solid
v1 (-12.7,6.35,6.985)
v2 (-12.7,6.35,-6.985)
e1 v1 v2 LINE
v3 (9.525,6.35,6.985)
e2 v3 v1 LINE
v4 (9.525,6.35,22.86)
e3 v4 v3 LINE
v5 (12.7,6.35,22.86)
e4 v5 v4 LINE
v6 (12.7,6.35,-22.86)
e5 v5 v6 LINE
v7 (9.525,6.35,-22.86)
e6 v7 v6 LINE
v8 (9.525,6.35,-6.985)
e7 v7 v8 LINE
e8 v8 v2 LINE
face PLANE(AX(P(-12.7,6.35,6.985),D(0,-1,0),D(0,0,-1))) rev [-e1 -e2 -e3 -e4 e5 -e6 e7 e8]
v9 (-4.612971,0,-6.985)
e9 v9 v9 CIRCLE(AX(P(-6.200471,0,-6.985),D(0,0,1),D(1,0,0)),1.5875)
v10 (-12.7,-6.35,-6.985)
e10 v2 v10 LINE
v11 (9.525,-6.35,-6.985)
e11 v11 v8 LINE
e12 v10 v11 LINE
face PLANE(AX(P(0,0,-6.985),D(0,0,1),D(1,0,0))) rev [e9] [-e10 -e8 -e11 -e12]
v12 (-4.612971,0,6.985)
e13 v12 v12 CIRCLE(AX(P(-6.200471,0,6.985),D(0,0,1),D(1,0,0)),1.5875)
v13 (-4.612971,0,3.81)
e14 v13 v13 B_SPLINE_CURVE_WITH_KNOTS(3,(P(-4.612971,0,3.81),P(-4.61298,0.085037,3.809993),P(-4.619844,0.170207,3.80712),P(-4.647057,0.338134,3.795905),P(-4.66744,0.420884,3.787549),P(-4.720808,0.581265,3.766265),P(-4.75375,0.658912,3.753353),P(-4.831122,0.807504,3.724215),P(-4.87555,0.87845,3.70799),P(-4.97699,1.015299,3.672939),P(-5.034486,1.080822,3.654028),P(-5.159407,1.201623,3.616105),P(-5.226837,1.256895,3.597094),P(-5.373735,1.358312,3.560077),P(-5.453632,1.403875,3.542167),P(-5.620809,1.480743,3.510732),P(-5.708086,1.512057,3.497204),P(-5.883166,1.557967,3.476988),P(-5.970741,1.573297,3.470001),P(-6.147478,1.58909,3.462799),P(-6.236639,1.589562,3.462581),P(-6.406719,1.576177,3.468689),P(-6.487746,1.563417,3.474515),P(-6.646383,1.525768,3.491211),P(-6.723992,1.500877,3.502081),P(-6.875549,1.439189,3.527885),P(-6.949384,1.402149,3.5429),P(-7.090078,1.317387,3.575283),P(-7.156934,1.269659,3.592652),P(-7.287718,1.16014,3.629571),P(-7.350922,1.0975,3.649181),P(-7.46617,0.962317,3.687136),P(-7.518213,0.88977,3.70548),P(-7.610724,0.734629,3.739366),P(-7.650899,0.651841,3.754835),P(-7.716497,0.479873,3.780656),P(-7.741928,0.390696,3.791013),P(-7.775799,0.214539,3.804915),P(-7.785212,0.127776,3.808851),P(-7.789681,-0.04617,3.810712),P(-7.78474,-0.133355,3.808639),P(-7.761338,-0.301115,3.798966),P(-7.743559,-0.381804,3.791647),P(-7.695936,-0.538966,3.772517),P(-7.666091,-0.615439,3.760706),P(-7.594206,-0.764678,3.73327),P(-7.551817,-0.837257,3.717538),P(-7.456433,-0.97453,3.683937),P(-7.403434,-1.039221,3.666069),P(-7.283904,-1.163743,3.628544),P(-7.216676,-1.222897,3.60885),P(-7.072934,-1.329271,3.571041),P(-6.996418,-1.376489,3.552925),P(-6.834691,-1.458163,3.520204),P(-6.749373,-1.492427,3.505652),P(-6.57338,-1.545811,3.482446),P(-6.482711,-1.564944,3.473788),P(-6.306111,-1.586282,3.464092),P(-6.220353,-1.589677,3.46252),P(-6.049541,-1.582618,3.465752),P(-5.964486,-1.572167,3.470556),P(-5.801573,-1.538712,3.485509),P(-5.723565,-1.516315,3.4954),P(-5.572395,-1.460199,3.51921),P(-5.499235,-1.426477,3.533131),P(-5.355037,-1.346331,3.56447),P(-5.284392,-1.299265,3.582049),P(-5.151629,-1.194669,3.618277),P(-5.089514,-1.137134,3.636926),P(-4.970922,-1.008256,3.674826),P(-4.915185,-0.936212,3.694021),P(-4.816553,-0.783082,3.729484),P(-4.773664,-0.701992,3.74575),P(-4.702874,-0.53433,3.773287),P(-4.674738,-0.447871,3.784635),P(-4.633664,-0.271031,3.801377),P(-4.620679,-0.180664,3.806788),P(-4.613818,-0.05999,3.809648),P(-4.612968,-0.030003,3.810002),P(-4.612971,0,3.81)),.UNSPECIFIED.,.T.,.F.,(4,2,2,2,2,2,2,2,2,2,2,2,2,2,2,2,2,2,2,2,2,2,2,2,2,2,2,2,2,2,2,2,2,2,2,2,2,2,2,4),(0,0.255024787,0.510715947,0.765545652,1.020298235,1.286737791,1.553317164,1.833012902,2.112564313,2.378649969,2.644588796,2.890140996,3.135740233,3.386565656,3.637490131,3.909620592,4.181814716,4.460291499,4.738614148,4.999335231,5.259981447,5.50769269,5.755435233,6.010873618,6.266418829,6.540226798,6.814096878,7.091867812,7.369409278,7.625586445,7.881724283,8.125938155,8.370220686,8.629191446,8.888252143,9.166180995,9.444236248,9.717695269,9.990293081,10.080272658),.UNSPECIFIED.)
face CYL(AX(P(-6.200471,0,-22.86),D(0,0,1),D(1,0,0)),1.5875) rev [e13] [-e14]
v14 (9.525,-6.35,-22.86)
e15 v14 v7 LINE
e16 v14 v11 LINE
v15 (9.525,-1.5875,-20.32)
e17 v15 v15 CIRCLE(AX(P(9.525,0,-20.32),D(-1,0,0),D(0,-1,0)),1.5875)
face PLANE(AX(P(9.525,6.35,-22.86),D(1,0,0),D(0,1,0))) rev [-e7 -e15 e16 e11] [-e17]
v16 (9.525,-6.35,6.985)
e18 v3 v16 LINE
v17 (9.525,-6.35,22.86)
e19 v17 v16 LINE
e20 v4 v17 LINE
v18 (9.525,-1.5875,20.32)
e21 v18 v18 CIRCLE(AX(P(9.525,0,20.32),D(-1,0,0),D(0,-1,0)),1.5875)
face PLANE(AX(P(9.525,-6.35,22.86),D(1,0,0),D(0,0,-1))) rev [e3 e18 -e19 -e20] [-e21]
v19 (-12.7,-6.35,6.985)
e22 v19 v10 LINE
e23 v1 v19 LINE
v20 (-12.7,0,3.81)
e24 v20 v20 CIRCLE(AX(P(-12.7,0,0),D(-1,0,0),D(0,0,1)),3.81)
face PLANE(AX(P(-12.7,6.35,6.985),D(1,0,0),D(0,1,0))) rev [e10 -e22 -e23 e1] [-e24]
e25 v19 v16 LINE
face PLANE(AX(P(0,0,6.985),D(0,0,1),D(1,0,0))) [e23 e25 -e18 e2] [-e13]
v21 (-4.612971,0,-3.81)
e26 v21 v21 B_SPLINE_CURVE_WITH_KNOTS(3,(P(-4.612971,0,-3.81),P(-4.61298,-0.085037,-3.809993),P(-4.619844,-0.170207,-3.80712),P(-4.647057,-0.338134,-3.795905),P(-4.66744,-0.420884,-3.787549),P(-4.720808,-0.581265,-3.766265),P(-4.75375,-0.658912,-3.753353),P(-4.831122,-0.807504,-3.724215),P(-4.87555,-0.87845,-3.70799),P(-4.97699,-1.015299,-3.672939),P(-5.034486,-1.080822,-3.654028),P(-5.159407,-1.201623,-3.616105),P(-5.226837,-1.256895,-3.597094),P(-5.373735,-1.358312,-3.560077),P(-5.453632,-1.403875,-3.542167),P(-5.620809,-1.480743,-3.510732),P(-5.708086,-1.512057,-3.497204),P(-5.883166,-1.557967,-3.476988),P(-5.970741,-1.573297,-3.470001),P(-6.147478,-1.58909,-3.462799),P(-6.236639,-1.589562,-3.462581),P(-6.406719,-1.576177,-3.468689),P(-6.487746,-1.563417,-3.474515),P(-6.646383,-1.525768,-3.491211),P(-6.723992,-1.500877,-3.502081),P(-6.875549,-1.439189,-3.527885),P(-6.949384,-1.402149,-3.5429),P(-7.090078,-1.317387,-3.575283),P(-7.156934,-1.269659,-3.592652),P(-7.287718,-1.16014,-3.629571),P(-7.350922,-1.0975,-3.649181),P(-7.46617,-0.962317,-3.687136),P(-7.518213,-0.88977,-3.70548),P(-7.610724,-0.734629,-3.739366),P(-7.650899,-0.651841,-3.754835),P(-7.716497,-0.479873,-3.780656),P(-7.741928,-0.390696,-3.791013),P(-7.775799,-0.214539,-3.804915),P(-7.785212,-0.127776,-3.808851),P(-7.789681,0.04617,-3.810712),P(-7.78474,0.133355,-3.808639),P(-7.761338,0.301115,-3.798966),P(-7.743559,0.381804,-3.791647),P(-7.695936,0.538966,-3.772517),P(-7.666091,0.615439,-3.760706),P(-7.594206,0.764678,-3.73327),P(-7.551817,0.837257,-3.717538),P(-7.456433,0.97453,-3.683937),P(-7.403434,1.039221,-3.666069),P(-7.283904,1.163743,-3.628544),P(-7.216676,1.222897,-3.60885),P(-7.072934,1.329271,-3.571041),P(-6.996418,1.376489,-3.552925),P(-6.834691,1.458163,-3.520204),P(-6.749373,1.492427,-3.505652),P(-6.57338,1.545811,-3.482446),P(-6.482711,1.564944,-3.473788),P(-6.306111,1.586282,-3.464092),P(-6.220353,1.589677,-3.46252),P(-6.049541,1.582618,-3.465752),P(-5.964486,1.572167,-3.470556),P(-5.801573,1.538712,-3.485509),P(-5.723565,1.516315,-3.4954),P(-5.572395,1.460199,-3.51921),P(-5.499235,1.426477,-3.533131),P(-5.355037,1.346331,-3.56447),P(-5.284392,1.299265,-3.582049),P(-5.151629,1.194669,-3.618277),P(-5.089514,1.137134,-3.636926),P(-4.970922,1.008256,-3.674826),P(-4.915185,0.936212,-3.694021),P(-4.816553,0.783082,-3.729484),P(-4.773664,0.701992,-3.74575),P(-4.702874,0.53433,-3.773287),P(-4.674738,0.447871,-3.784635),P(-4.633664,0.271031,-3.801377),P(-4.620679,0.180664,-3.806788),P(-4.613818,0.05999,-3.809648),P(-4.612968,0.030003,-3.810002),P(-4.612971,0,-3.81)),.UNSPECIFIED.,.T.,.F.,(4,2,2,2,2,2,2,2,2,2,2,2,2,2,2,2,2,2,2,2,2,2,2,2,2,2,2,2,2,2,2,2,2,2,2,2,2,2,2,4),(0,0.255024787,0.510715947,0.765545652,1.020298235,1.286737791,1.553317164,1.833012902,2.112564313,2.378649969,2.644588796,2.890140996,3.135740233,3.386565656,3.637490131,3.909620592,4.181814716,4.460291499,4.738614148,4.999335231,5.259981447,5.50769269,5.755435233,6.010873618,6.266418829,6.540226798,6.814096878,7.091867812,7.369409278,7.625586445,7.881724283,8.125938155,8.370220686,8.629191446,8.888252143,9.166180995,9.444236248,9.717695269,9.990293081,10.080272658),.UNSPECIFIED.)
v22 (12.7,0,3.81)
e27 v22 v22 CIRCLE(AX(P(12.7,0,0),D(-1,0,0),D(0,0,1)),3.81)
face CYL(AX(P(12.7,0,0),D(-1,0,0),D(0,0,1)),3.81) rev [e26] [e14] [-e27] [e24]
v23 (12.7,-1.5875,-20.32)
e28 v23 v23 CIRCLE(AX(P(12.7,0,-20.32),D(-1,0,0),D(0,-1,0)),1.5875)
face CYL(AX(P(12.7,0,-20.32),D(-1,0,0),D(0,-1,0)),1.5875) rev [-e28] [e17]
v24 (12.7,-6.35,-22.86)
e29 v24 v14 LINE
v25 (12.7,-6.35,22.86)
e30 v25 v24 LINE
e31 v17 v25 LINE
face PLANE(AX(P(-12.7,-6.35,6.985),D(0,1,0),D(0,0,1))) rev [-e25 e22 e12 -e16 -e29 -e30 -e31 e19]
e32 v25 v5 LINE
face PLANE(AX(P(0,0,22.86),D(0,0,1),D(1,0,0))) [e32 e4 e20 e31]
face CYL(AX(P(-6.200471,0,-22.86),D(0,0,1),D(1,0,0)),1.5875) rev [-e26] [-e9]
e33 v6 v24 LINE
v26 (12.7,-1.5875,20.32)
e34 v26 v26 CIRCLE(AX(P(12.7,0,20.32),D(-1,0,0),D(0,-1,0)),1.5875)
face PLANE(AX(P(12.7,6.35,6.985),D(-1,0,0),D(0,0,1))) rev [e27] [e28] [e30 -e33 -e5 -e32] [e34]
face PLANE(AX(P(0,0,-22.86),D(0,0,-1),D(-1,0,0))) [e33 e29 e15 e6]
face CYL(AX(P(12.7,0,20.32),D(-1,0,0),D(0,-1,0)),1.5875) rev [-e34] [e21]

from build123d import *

# Parameters (mm, degrees)
SKETCH1_W           = 25.4
SKETCH1_H           = 12.7
BOSS_EXTRUDE1_DEPTH = 6.985
SKETCH3_W           = 3.175
SKETCH3_H           = 12.7
BOSS_EXTRUDE2_DEPTH = 15.875
SKETCH4_W           = 3.175
SKETCH4_H           = 12.7
BOSS_EXTRUDE3_DEPTH = 15.875
SKETCH5_R           = 1.5875
CUT_EXTRUDE2_DEPTH  = 33.50927137
SKETCH6_R           = 3.81
CUT_EXTRUDE3_DEPTH  = 35.757187746
SKETCH7_R           = 1.5875
CUT_EXTRUDE4_DEPTH  = 34.050514746


with BuildPart() as part:
    # Sketch1 → Boss-Extrude1 (new, symmetric)
    with BuildSketch(Plane.XY):
        Rectangle(SKETCH1_W, SKETCH1_H)
    extrude(amount=BOSS_EXTRUDE1_DEPTH, both=True)

    # Sketch3 → Boss-Extrude2 (add)
    with BuildSketch(Plane(origin=(0, 0, -6.985), x_dir=(-1, 0, 0), z_dir=(0, 0, -1))):
        with Locations((-11.1125, 0)):
            Rectangle(SKETCH3_W, SKETCH3_H)
    extrude(amount=BOSS_EXTRUDE2_DEPTH)

    # Sketch4 → Boss-Extrude3 (add)
    with BuildSketch(Plane.XY.offset(6.985)):
        with Locations((11.1125, 0)):
            Rectangle(SKETCH4_W, SKETCH4_H)
    extrude(amount=BOSS_EXTRUDE3_DEPTH)

    # Sketch5 → Cut-Extrude2 (cut, through all)
    with BuildSketch(Plane.ZY.offset(-9.525)):
        with Locations(Location((-20.32, 0, 0), (0, 0, 270))):
            Circle(SKETCH5_R)
        with Locations(Location((20.32, 0, 0), (0, 0, 270))):
            Circle(SKETCH5_R)
    extrude(amount=-CUT_EXTRUDE2_DEPTH, mode=Mode.SUBTRACT)

    # Sketch6 → Cut-Extrude3 (cut, through all)
    with BuildSketch(Plane.ZY.offset(12.7)):
        Circle(SKETCH6_R)
    extrude(amount=-CUT_EXTRUDE3_DEPTH, mode=Mode.SUBTRACT)

    # Sketch7 → Cut-Extrude4 (cut, through all)
    with BuildSketch(Plane.XY.offset(6.985)):
        with Locations((-6.20047096, 0)):
            Circle(SKETCH7_R)
    extrude(amount=-CUT_EXTRUDE4_DEPTH, mode=Mode.SUBTRACT)


solid = part.part
